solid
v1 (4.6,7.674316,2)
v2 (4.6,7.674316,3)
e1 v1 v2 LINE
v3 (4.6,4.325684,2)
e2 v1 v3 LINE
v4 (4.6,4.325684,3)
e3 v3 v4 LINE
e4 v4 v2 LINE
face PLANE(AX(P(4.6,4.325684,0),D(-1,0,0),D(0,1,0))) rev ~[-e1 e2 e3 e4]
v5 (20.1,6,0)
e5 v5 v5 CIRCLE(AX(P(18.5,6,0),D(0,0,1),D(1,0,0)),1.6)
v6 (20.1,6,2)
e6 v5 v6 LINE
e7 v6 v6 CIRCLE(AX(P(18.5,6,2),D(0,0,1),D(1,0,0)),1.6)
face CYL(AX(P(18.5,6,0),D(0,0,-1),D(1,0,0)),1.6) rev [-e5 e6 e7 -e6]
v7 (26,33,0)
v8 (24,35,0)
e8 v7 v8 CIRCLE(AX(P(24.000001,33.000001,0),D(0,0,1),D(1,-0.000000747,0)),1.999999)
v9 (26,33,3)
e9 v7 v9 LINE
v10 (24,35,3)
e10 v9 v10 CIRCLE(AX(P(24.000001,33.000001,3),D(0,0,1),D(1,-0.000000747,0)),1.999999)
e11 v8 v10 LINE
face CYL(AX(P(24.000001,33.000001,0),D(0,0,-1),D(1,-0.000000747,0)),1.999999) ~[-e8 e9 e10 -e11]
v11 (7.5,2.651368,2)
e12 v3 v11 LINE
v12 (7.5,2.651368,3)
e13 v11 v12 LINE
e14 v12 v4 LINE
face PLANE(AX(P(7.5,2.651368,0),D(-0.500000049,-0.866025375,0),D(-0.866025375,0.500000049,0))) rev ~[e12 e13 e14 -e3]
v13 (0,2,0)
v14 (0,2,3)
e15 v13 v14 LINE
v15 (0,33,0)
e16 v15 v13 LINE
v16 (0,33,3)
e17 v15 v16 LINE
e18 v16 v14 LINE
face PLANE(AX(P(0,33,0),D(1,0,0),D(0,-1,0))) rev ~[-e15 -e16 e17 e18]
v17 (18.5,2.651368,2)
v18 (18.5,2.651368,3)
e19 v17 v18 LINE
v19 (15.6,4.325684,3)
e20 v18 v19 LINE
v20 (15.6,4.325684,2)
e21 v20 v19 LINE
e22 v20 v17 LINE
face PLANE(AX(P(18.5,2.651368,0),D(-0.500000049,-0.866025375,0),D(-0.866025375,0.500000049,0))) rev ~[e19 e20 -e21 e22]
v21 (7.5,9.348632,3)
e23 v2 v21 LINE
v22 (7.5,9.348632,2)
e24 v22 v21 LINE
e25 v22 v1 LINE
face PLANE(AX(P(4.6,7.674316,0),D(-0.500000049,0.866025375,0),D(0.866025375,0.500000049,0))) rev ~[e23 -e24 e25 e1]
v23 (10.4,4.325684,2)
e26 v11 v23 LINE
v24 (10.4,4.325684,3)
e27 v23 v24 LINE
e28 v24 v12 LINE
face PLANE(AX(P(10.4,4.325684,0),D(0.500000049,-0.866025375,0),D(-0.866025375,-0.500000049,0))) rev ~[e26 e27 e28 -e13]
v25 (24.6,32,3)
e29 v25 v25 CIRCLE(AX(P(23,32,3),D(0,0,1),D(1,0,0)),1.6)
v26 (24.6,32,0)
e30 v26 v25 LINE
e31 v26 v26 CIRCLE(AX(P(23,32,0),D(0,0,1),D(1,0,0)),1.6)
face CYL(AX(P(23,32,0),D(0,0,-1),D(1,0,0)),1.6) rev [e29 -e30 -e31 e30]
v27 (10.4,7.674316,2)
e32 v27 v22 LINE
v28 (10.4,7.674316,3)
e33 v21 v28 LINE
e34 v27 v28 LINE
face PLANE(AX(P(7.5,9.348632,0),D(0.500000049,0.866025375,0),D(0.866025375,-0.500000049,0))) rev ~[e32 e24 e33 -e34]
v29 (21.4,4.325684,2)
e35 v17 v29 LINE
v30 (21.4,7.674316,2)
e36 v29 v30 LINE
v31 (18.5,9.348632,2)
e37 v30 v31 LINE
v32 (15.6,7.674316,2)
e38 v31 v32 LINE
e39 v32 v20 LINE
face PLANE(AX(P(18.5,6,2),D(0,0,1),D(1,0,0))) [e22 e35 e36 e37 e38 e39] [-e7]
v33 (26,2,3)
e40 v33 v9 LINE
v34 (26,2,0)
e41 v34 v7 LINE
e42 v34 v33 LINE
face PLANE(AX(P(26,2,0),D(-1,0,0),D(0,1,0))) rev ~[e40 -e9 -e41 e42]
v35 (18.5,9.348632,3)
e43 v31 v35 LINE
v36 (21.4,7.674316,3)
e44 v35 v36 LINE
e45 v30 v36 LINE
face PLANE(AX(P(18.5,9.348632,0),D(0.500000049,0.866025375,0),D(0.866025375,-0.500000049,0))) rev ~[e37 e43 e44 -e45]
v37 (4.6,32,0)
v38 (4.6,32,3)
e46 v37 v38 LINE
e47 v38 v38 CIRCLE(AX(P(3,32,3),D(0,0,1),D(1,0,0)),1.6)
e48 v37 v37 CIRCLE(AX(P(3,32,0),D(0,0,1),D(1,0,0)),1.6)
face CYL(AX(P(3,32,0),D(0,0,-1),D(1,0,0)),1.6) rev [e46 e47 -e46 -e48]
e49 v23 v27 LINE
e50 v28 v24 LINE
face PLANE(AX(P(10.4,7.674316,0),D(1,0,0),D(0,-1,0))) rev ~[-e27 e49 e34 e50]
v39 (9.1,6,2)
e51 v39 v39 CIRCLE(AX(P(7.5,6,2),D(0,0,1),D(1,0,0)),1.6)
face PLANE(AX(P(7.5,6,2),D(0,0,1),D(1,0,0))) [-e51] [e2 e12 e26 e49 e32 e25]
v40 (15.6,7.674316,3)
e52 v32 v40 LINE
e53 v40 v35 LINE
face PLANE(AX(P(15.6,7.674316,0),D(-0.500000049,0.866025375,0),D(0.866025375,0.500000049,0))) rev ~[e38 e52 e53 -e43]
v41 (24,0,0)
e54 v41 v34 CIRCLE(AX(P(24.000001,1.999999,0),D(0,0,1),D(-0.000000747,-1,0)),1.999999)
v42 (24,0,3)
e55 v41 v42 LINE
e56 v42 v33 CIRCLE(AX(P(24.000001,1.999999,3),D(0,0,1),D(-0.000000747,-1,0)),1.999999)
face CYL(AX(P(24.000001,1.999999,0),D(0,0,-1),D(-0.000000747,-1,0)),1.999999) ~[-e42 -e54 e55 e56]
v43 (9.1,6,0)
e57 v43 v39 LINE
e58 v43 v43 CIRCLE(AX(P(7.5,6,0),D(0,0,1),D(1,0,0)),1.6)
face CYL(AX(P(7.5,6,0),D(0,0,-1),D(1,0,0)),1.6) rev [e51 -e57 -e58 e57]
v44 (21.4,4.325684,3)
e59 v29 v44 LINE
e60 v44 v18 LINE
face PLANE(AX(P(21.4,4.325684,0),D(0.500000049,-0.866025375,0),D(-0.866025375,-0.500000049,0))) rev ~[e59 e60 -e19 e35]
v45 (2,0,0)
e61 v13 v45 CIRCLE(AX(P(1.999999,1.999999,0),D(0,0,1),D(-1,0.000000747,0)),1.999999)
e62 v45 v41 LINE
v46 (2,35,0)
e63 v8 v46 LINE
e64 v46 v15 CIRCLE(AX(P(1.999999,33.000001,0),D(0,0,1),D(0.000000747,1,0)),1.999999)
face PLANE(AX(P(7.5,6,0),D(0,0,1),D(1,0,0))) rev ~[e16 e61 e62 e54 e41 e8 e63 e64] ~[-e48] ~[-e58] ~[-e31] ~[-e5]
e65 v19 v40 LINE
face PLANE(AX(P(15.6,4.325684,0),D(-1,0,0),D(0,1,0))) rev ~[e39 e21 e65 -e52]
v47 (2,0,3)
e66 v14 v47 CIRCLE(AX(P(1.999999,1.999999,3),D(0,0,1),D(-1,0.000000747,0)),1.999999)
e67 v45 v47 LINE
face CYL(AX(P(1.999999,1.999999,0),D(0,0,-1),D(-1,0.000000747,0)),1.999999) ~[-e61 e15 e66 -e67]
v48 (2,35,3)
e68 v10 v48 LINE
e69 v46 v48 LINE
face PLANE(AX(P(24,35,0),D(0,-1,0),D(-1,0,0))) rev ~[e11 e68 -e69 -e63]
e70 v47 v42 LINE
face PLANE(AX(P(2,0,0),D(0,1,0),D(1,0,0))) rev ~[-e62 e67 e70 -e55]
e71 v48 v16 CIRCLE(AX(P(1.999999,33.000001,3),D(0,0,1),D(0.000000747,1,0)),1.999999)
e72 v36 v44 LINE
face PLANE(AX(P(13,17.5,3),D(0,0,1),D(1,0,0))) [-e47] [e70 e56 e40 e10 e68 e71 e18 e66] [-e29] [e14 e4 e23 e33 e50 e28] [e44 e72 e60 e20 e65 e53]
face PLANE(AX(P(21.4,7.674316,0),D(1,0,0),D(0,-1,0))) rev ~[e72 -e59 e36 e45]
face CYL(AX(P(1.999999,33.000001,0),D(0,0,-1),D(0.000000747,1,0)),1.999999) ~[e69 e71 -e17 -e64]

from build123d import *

# Parameters (mm, degrees)
F0_R     = 1.6
F1_DEPTH = 3
F2_DEPTH = 2


with BuildPart() as f1:
    # F0 (on Top) → F1 (new body)
    with BuildSketch(Plane.XY):
        with BuildLine():
            ThreePointArc((0, 2), (0.585786, 0.585786), (2, 0))
            Line((2, 0), (24, 0))
            ThreePointArc((24, 0), (25.414214, 0.585786), (26, 2))
            Line((26, 2), (26, 33))
            ThreePointArc((26, 33), (25.414214, 34.414214), (24, 35))
            Line((24, 35), (2, 35))
            ThreePointArc((2, 35), (0.585786, 34.414214), (0, 33))
            Line((0, 33), (0, 2))
        make_face()
        Polygon((7.5, 2.651368), (4.6, 4.325684), (4.6, 7.674316), (7.5, 9.348632), (10.4, 7.674316), (10.4, 4.325684), align=None, mode=Mode.SUBTRACT)
        Polygon((18.5, 2.651368), (15.6, 4.325684), (15.6, 7.674316), (18.5, 9.348632), (21.4, 7.674316), (21.4, 4.325684), align=None, mode=Mode.SUBTRACT)
        with Locations((3, 32)):
            Circle(F0_R, mode=Mode.SUBTRACT)
        with Locations((23, 32)):
            Circle(F0_R, mode=Mode.SUBTRACT)
    extrude(amount=F1_DEPTH)

    # F0 (on Top) → F2 (join)
    with BuildSketch(Plane.XY):
        Polygon((4.6, 7.674316), (4.6, 4.325684), (7.5, 2.651368), (10.4, 4.325684), (10.4, 7.674316), (7.5, 9.348632), align=None)
        with Locations((7.5, 6)):
            Circle(F0_R, mode=Mode.SUBTRACT)
        Polygon((15.6, 7.674316), (15.6, 4.325684), (18.5, 2.651368), (21.4, 4.325684), (21.4, 7.674316), (18.5, 9.348632), align=None)
        with Locations((18.5, 6)):
            Circle(F0_R, mode=Mode.SUBTRACT)
    extrude(amount=F2_DEPTH)


solid = f1.part
